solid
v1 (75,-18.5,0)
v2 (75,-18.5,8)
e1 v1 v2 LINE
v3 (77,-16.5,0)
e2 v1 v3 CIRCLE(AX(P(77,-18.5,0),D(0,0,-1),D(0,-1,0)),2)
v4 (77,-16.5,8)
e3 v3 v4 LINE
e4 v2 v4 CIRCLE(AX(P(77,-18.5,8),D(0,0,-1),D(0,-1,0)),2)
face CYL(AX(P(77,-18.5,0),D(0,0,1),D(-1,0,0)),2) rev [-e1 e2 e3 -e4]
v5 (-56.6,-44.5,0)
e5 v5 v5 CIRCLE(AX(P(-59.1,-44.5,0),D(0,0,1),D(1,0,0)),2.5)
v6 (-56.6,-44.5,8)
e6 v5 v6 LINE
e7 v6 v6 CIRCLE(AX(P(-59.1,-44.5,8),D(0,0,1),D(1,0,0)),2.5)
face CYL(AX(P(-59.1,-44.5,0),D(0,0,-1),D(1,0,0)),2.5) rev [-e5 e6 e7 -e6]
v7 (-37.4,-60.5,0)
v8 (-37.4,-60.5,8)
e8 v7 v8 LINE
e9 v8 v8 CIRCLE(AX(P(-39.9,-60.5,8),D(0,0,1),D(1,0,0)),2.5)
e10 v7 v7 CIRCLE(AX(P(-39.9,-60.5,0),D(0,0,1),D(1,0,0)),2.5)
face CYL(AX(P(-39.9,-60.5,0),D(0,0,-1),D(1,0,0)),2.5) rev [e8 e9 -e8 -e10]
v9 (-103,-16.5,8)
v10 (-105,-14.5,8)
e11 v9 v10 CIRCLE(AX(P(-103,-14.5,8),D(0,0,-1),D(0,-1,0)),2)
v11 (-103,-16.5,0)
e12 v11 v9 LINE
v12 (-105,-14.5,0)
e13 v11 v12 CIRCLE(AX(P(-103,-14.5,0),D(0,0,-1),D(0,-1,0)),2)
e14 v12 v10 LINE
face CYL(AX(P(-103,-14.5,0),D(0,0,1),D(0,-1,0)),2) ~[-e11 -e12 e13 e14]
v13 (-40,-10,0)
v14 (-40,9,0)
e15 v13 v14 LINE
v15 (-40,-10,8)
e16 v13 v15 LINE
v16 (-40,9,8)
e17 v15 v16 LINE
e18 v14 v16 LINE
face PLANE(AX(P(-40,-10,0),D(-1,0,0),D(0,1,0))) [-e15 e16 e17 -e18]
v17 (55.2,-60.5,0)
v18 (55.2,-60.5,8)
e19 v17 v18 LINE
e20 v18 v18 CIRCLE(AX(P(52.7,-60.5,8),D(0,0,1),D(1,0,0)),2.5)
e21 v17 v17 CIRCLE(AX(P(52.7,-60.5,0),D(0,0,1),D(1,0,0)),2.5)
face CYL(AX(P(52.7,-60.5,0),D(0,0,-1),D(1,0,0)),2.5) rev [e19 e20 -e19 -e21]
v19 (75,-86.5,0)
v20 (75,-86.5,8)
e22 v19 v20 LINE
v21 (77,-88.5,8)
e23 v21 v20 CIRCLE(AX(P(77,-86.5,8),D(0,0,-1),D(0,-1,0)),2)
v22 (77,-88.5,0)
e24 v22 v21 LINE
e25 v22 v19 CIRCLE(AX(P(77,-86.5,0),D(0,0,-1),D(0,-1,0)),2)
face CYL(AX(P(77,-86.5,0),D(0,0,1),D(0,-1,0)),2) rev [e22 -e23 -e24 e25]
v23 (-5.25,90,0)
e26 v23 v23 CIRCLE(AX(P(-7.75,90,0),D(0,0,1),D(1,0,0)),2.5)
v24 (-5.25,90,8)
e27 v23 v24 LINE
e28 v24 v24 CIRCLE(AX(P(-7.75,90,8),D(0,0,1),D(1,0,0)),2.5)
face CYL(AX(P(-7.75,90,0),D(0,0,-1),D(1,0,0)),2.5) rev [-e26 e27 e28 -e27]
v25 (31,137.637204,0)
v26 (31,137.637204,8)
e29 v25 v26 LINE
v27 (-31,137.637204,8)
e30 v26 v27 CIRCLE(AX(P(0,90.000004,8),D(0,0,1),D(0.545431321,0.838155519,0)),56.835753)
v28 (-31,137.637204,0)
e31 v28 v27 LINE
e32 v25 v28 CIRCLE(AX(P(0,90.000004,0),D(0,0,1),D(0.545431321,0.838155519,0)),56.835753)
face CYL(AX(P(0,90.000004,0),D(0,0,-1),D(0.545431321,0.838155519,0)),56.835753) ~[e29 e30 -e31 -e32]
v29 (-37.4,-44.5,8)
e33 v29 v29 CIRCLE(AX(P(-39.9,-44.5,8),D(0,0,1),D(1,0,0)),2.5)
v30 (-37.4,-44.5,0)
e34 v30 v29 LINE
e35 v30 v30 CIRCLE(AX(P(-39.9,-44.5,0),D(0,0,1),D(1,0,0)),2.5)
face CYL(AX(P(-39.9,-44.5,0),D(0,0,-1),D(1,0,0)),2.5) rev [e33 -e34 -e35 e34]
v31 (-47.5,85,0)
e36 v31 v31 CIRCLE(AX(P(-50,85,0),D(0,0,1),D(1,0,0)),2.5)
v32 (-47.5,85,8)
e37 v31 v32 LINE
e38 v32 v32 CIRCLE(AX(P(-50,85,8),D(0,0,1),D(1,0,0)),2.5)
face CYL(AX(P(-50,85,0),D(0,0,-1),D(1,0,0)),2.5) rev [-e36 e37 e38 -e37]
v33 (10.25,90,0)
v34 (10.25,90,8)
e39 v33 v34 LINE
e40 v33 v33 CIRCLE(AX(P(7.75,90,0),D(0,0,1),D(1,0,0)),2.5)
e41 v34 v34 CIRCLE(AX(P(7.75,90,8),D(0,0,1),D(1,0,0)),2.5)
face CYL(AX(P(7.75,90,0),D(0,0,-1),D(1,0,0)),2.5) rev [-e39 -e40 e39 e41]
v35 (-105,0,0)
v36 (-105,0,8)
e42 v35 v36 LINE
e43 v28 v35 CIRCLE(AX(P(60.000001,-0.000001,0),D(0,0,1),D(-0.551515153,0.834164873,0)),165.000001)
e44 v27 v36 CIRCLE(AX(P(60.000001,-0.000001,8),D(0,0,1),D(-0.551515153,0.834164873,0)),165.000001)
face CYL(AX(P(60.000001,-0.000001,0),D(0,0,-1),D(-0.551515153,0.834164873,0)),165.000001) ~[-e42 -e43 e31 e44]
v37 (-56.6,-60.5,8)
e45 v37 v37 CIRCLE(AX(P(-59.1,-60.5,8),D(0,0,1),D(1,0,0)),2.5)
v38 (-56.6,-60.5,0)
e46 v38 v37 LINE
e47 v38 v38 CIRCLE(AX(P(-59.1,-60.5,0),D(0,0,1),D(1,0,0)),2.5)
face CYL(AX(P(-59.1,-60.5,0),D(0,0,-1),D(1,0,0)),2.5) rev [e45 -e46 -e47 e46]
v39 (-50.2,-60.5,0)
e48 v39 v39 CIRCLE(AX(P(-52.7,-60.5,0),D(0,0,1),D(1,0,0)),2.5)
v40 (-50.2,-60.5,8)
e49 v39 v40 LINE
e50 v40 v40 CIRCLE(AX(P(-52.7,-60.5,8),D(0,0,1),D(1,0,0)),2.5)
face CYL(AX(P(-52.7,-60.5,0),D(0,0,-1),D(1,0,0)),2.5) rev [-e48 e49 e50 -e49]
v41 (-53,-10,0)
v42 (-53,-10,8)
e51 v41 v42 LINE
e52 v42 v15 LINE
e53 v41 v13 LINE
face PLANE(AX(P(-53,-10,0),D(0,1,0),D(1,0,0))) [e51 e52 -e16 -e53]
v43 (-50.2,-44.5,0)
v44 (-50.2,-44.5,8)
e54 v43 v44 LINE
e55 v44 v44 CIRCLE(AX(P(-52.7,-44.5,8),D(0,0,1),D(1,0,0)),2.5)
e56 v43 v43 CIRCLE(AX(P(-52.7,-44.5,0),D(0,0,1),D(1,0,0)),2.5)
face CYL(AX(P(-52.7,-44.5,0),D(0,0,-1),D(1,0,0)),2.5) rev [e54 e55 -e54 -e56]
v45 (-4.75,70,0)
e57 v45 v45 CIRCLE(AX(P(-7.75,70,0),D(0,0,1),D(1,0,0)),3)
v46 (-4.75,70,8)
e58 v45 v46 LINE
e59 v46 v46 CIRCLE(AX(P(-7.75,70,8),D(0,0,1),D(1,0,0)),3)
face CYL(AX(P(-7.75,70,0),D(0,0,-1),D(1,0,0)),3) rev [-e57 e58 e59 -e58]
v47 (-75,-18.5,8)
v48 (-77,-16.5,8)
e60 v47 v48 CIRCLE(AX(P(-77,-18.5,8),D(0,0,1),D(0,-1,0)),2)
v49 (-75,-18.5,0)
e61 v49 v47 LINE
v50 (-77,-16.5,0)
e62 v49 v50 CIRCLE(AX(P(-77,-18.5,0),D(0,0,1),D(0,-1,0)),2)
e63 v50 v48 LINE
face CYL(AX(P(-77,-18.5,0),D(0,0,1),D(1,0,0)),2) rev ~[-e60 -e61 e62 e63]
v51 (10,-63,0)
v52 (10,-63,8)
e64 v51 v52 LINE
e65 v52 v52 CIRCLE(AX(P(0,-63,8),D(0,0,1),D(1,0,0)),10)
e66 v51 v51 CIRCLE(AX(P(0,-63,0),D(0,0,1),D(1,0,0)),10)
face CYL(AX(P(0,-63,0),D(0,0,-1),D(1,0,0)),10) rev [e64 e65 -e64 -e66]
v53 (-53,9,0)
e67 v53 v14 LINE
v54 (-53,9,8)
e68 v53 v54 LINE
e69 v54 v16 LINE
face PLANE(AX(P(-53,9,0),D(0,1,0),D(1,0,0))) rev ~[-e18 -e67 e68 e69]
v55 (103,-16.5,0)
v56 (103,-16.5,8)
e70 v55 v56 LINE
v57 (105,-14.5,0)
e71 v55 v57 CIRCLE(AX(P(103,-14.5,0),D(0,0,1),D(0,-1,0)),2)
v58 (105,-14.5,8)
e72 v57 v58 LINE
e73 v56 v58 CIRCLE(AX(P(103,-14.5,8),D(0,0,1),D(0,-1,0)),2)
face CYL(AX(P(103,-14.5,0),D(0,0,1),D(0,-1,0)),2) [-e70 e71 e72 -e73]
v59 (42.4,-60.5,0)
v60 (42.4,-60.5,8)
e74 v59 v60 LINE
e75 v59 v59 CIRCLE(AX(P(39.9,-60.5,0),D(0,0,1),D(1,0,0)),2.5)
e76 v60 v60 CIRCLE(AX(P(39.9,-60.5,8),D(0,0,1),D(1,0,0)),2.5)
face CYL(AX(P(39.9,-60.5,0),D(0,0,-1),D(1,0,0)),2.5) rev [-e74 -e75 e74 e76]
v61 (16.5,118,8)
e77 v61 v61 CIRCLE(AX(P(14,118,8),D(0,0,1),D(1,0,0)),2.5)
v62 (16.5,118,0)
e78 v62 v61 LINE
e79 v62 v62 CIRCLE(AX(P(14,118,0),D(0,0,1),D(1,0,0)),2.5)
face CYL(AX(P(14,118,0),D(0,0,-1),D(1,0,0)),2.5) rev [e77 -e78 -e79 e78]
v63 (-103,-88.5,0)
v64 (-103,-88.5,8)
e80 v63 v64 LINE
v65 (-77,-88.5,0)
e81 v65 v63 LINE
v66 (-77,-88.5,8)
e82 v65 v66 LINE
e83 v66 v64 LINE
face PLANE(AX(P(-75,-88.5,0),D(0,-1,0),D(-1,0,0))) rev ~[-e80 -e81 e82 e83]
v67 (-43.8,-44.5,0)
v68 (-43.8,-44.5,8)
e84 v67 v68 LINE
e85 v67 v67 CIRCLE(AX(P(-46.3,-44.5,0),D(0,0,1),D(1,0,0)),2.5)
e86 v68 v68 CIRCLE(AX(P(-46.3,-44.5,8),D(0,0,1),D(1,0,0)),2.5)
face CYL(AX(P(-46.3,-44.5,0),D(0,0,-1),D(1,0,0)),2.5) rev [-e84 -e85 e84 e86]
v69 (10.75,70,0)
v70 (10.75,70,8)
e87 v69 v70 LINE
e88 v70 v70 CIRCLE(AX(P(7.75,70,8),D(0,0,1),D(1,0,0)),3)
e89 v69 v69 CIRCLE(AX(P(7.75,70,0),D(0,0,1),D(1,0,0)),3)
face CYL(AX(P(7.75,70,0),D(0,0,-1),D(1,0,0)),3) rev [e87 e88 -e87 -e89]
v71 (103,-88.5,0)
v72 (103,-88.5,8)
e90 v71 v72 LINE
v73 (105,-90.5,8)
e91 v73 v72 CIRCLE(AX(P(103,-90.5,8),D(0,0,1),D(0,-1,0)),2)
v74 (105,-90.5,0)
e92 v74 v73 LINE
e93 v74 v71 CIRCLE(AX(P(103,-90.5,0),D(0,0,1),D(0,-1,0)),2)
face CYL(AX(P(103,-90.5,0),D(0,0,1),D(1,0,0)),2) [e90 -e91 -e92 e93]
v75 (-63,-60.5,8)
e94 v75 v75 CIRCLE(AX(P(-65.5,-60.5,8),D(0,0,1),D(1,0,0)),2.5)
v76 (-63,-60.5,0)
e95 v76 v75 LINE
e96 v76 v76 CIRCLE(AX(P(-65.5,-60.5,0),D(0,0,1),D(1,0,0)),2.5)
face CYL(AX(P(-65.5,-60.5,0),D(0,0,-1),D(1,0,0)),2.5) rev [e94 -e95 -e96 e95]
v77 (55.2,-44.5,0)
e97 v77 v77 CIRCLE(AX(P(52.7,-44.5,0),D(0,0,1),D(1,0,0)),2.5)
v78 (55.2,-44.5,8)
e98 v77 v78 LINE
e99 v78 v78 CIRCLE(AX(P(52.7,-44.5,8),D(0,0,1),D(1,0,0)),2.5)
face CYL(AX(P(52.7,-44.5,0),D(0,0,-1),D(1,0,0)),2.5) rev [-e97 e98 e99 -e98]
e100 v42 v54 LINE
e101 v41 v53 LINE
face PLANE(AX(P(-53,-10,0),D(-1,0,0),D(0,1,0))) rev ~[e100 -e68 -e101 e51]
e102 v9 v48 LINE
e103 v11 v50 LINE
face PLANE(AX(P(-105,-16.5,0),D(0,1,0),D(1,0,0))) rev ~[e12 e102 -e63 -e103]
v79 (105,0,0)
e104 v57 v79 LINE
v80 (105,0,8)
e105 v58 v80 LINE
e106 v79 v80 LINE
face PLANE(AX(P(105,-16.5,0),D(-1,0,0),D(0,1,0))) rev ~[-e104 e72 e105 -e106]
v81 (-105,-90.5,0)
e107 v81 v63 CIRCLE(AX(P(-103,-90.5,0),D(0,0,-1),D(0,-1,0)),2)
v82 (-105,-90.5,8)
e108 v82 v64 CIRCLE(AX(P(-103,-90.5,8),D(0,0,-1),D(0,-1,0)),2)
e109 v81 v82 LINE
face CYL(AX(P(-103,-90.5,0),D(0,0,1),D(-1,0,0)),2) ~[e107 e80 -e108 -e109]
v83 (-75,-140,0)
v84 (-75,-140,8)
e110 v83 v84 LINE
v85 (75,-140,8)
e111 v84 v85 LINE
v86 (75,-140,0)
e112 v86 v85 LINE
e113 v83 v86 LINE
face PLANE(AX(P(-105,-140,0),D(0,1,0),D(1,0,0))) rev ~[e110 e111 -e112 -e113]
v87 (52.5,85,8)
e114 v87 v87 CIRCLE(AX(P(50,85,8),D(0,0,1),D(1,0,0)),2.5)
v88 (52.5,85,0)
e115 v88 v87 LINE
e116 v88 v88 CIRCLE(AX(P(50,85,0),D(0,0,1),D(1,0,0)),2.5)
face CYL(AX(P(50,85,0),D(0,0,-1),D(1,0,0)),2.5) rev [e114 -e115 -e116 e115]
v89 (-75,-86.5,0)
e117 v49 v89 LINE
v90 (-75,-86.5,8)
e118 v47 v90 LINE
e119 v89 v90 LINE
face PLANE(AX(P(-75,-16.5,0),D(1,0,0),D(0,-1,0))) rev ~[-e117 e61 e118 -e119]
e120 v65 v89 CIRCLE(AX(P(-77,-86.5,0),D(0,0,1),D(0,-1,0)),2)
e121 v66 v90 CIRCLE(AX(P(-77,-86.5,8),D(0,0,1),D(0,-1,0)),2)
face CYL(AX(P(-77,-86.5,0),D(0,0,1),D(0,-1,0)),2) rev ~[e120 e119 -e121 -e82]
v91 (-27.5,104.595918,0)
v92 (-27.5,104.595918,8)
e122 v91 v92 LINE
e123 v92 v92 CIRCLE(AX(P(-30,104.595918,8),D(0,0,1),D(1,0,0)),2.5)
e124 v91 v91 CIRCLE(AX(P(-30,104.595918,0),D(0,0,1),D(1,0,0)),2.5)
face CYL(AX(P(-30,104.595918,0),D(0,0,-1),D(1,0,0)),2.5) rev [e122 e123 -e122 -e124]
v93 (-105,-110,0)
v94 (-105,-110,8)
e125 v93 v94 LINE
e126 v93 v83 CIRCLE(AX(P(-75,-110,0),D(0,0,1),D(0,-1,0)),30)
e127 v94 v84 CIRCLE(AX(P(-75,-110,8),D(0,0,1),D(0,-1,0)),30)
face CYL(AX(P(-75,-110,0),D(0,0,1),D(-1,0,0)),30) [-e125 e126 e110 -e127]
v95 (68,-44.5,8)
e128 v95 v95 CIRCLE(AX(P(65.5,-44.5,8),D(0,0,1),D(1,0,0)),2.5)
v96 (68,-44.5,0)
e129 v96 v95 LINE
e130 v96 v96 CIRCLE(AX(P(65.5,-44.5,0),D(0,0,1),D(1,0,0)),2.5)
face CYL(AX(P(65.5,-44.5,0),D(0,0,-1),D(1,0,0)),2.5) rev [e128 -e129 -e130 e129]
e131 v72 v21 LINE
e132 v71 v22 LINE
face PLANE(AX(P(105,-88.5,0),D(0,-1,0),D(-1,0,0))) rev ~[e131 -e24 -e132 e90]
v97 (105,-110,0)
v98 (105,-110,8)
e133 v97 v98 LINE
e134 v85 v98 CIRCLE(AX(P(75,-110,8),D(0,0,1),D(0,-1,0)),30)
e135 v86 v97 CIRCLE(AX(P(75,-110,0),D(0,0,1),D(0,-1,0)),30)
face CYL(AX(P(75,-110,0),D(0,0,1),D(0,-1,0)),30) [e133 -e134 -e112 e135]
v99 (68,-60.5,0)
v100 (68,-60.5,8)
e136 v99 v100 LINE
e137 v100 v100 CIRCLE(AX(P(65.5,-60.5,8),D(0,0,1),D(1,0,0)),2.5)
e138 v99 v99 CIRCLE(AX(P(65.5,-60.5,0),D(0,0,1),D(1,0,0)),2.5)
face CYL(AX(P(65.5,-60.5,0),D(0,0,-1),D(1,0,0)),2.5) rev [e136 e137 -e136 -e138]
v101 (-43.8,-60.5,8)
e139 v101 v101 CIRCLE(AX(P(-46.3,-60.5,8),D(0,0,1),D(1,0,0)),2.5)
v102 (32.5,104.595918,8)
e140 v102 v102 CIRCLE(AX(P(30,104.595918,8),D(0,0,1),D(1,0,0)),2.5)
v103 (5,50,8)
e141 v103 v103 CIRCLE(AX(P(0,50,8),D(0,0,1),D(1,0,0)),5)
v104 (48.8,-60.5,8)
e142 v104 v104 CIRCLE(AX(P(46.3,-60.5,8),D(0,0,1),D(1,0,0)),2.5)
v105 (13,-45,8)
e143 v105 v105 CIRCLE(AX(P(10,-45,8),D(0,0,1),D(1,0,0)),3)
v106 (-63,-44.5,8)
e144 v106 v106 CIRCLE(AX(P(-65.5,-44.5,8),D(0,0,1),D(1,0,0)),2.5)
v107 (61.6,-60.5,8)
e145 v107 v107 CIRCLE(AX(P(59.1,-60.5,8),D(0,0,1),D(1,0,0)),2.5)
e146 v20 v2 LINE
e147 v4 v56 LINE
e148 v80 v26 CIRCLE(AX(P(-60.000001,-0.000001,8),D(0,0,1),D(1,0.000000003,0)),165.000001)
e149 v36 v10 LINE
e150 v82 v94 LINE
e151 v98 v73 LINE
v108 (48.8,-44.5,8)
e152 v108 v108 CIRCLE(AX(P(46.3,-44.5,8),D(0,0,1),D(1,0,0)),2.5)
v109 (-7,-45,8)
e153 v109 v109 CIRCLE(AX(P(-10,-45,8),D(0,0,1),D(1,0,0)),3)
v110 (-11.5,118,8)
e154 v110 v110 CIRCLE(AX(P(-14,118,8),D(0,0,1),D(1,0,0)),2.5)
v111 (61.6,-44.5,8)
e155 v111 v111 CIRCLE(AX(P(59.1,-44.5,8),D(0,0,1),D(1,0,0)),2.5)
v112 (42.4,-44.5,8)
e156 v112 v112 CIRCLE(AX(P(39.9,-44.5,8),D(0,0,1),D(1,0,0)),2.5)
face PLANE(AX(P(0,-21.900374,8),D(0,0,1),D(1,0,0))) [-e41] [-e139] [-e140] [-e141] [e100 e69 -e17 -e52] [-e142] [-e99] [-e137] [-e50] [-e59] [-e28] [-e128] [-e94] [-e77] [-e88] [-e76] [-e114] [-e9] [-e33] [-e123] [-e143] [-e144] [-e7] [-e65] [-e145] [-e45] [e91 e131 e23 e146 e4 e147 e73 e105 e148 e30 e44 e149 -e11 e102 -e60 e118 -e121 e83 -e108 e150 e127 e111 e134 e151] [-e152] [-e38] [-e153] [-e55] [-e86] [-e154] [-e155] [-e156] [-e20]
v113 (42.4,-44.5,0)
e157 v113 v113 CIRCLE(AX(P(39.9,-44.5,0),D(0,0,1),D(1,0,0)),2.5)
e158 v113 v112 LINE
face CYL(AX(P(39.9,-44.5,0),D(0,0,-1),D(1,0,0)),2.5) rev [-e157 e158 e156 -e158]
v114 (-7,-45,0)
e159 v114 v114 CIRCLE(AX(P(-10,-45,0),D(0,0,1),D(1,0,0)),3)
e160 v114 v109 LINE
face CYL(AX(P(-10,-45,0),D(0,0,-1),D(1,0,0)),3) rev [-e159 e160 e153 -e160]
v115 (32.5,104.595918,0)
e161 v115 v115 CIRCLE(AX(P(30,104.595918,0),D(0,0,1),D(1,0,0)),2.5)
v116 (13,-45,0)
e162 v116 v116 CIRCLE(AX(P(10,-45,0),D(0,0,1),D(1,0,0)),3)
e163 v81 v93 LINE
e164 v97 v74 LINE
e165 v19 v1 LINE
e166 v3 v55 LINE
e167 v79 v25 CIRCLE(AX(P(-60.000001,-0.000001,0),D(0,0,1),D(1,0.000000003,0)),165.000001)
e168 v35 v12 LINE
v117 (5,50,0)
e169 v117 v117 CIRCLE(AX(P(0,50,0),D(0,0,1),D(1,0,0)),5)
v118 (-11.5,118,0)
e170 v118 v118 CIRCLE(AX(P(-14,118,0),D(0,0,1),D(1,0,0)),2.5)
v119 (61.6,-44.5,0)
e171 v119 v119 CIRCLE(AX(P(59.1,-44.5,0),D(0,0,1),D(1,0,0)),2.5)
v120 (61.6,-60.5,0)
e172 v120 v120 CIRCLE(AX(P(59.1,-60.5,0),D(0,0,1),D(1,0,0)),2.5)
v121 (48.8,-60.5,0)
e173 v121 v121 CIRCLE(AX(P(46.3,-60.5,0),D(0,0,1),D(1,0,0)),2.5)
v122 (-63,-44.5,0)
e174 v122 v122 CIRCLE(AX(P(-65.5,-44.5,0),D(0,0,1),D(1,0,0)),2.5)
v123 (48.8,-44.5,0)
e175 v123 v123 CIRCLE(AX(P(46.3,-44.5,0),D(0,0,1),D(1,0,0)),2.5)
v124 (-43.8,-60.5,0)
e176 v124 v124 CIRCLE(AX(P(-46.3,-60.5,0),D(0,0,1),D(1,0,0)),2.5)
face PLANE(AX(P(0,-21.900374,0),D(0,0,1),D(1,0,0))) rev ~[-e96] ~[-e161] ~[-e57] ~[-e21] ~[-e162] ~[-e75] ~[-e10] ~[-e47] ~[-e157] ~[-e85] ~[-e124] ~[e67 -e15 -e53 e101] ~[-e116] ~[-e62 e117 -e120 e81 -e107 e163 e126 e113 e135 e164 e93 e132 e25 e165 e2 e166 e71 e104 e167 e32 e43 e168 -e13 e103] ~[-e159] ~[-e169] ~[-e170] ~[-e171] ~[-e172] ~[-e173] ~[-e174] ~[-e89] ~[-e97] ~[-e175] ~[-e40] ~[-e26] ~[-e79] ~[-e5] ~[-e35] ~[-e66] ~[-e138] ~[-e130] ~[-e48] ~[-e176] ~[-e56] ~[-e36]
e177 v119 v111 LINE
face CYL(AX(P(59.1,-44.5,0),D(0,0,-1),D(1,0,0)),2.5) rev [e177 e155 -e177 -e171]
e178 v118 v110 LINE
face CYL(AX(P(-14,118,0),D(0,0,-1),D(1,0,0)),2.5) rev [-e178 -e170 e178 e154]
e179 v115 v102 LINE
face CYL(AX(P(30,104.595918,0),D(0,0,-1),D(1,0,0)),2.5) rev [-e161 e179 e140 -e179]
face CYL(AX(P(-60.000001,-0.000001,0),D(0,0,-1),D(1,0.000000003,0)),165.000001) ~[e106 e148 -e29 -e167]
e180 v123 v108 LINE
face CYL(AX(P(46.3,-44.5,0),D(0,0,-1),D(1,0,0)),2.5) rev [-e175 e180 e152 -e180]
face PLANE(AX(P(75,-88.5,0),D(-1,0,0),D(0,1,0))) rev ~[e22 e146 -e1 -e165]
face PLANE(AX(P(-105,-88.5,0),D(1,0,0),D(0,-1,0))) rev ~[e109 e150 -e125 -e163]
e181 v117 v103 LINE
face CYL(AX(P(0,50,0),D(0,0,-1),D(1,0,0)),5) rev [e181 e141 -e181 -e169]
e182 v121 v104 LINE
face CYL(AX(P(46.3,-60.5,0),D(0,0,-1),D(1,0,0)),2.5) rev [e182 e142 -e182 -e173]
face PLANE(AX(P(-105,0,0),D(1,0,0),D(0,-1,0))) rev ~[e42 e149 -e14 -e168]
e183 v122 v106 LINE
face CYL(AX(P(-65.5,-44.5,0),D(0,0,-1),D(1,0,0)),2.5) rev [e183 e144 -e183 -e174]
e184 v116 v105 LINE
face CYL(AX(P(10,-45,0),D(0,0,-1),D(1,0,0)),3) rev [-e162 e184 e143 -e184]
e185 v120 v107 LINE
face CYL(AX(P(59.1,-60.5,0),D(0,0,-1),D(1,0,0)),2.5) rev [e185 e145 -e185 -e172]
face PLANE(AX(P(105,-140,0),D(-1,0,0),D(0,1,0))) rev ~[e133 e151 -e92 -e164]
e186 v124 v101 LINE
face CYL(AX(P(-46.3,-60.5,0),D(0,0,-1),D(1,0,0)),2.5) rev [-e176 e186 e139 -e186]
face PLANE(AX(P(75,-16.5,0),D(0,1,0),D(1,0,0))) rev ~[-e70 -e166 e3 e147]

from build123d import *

# Parameters (mm, degrees)
F0_R     = 2.5
F0_R_2   = 3
F0_W     = 13
F0_H     = 19
F0_R_3   = 10
F0_R_4   = 5
F1_DEPTH = 8
F2_R     = 30
F3_R     = 2


with BuildPart() as f1:
    # F0 (on Top) → F1 (new body)
    with BuildSketch(Plane.XY):
        with BuildLine():
            Line((-105, -88.5), (-105, -140))
            Line((-105, -140), (105, -140))
            Line((105, -140), (105, -88.5))
            Line((105, -88.5), (75, -88.5))
            Line((75, -88.5), (75, -16.5))
            Line((75, -16.5), (105, -16.5))
            Line((105, -16.5), (105, 0))
            ThreePointArc((105, 0), (85.327217, 78.134499), (31, 137.637204))
            ThreePointArc((31, 137.637204), (0, 146.835757), (-31, 137.637204))
            ThreePointArc((-31, 137.637204), (-85.327217, 78.134499), (-105, 0))
            Line((-105, 0), (-105, -16.5))
            Line((-105, -16.5), (-75, -16.5))
            Line((-75, -16.5), (-75, -88.5))
            Line((-75, -88.5), (-105, -88.5))
        make_face()
        with Locations((-65.5, -60.5)):
            Circle(F0_R, mode=Mode.SUBTRACT)
        with Locations((-59.1, -60.5)):
            Circle(F0_R, mode=Mode.SUBTRACT)
        with Locations((-52.7, -60.5)):
            Circle(F0_R, mode=Mode.SUBTRACT)
        with Locations((-65.5, -44.5)):
            Circle(F0_R, mode=Mode.SUBTRACT)
        with Locations((-59.1, -44.5)):
            Circle(F0_R, mode=Mode.SUBTRACT)
        with Locations((-52.7, -44.5)):
            Circle(F0_R, mode=Mode.SUBTRACT)
        with Locations((-46.3, -60.5)):
            Circle(F0_R, mode=Mode.SUBTRACT)
        with Locations((-39.9, -60.5)):
            Circle(F0_R, mode=Mode.SUBTRACT)
        with Locations((-46.3, -44.5)):
            Circle(F0_R, mode=Mode.SUBTRACT)
        with Locations((-39.9, -44.5)):
            Circle(F0_R, mode=Mode.SUBTRACT)
        with Locations((-10, -45)):
            Circle(F0_R_2, mode=Mode.SUBTRACT)
        with Locations((-46.5, -0.5)):
            Rectangle(F0_W, F0_H, mode=Mode.SUBTRACT)
        with Locations((0, -63)):
            Circle(F0_R_3, mode=Mode.SUBTRACT)
        with Locations((10, -45)):
            Circle(F0_R_2, mode=Mode.SUBTRACT)
        with Locations((39.9, -60.5)):
            Circle(F0_R, mode=Mode.SUBTRACT)
        with Locations((46.3, -60.5)):
            Circle(F0_R, mode=Mode.SUBTRACT)
        with Locations((39.9, -44.5)):
            Circle(F0_R, mode=Mode.SUBTRACT)
        with Locations((46.3, -44.5)):
            Circle(F0_R, mode=Mode.SUBTRACT)
        with Locations((52.7, -60.5)):
            Circle(F0_R, mode=Mode.SUBTRACT)
        with Locations((59.1, -60.5)):
            Circle(F0_R, mode=Mode.SUBTRACT)
        with Locations((65.5, -60.5)):
            Circle(F0_R, mode=Mode.SUBTRACT)
        with Locations((52.7, -44.5)):
            Circle(F0_R, mode=Mode.SUBTRACT)
        with Locations((59.1, -44.5)):
            Circle(F0_R, mode=Mode.SUBTRACT)
        with Locations((65.5, -44.5)):
            Circle(F0_R, mode=Mode.SUBTRACT)
        with Locations((-7.75, 70)):
            Circle(F0_R_2, mode=Mode.SUBTRACT)
        with Locations((-50, 85)):
            Circle(F0_R, mode=Mode.SUBTRACT)
        with Locations((-30, 104.595918)):
            Circle(F0_R, mode=Mode.SUBTRACT)
        with Locations((-7.75, 90)):
            Circle(F0_R, mode=Mode.SUBTRACT)
        with Locations((-14, 118)):
            Circle(F0_R, mode=Mode.SUBTRACT)
        with Locations((0, 50)):
            Circle(F0_R_4, mode=Mode.SUBTRACT)
        with Locations((7.75, 70)):
            Circle(F0_R_2, mode=Mode.SUBTRACT)
        with Locations((7.75, 90)):
            Circle(F0_R, mode=Mode.SUBTRACT)
        with Locations((50, 85)):
            Circle(F0_R, mode=Mode.SUBTRACT)
        with Locations((30, 104.595918)):
            Circle(F0_R, mode=Mode.SUBTRACT)
        with Locations((14, 118)):
            Circle(F0_R, mode=Mode.SUBTRACT)
    extrude(amount=F1_DEPTH)

    # F2
    f2_edges = [f1.edges().sort_by_distance(p)[0] for p in [
        (-105, -140, 4),
        (105, -140, 4),
    ]]
    fillet(f2_edges, radius=F2_R)

    # F3
    f3_edges = [f1.edges().sort_by_distance(p)[0] for p in [
        (-75, -16.5, 4),
        (-105, -16.5, 4),
        (-75, -88.5, 4),
        (-105, -88.5, 4),
        (75, -16.5, 4),
        (105, -16.5, 4),
        (75, -88.5, 4),
        (105, -88.5, 4),
    ]]
    fillet(f3_edges, radius=F3_R)


solid = f1.part
